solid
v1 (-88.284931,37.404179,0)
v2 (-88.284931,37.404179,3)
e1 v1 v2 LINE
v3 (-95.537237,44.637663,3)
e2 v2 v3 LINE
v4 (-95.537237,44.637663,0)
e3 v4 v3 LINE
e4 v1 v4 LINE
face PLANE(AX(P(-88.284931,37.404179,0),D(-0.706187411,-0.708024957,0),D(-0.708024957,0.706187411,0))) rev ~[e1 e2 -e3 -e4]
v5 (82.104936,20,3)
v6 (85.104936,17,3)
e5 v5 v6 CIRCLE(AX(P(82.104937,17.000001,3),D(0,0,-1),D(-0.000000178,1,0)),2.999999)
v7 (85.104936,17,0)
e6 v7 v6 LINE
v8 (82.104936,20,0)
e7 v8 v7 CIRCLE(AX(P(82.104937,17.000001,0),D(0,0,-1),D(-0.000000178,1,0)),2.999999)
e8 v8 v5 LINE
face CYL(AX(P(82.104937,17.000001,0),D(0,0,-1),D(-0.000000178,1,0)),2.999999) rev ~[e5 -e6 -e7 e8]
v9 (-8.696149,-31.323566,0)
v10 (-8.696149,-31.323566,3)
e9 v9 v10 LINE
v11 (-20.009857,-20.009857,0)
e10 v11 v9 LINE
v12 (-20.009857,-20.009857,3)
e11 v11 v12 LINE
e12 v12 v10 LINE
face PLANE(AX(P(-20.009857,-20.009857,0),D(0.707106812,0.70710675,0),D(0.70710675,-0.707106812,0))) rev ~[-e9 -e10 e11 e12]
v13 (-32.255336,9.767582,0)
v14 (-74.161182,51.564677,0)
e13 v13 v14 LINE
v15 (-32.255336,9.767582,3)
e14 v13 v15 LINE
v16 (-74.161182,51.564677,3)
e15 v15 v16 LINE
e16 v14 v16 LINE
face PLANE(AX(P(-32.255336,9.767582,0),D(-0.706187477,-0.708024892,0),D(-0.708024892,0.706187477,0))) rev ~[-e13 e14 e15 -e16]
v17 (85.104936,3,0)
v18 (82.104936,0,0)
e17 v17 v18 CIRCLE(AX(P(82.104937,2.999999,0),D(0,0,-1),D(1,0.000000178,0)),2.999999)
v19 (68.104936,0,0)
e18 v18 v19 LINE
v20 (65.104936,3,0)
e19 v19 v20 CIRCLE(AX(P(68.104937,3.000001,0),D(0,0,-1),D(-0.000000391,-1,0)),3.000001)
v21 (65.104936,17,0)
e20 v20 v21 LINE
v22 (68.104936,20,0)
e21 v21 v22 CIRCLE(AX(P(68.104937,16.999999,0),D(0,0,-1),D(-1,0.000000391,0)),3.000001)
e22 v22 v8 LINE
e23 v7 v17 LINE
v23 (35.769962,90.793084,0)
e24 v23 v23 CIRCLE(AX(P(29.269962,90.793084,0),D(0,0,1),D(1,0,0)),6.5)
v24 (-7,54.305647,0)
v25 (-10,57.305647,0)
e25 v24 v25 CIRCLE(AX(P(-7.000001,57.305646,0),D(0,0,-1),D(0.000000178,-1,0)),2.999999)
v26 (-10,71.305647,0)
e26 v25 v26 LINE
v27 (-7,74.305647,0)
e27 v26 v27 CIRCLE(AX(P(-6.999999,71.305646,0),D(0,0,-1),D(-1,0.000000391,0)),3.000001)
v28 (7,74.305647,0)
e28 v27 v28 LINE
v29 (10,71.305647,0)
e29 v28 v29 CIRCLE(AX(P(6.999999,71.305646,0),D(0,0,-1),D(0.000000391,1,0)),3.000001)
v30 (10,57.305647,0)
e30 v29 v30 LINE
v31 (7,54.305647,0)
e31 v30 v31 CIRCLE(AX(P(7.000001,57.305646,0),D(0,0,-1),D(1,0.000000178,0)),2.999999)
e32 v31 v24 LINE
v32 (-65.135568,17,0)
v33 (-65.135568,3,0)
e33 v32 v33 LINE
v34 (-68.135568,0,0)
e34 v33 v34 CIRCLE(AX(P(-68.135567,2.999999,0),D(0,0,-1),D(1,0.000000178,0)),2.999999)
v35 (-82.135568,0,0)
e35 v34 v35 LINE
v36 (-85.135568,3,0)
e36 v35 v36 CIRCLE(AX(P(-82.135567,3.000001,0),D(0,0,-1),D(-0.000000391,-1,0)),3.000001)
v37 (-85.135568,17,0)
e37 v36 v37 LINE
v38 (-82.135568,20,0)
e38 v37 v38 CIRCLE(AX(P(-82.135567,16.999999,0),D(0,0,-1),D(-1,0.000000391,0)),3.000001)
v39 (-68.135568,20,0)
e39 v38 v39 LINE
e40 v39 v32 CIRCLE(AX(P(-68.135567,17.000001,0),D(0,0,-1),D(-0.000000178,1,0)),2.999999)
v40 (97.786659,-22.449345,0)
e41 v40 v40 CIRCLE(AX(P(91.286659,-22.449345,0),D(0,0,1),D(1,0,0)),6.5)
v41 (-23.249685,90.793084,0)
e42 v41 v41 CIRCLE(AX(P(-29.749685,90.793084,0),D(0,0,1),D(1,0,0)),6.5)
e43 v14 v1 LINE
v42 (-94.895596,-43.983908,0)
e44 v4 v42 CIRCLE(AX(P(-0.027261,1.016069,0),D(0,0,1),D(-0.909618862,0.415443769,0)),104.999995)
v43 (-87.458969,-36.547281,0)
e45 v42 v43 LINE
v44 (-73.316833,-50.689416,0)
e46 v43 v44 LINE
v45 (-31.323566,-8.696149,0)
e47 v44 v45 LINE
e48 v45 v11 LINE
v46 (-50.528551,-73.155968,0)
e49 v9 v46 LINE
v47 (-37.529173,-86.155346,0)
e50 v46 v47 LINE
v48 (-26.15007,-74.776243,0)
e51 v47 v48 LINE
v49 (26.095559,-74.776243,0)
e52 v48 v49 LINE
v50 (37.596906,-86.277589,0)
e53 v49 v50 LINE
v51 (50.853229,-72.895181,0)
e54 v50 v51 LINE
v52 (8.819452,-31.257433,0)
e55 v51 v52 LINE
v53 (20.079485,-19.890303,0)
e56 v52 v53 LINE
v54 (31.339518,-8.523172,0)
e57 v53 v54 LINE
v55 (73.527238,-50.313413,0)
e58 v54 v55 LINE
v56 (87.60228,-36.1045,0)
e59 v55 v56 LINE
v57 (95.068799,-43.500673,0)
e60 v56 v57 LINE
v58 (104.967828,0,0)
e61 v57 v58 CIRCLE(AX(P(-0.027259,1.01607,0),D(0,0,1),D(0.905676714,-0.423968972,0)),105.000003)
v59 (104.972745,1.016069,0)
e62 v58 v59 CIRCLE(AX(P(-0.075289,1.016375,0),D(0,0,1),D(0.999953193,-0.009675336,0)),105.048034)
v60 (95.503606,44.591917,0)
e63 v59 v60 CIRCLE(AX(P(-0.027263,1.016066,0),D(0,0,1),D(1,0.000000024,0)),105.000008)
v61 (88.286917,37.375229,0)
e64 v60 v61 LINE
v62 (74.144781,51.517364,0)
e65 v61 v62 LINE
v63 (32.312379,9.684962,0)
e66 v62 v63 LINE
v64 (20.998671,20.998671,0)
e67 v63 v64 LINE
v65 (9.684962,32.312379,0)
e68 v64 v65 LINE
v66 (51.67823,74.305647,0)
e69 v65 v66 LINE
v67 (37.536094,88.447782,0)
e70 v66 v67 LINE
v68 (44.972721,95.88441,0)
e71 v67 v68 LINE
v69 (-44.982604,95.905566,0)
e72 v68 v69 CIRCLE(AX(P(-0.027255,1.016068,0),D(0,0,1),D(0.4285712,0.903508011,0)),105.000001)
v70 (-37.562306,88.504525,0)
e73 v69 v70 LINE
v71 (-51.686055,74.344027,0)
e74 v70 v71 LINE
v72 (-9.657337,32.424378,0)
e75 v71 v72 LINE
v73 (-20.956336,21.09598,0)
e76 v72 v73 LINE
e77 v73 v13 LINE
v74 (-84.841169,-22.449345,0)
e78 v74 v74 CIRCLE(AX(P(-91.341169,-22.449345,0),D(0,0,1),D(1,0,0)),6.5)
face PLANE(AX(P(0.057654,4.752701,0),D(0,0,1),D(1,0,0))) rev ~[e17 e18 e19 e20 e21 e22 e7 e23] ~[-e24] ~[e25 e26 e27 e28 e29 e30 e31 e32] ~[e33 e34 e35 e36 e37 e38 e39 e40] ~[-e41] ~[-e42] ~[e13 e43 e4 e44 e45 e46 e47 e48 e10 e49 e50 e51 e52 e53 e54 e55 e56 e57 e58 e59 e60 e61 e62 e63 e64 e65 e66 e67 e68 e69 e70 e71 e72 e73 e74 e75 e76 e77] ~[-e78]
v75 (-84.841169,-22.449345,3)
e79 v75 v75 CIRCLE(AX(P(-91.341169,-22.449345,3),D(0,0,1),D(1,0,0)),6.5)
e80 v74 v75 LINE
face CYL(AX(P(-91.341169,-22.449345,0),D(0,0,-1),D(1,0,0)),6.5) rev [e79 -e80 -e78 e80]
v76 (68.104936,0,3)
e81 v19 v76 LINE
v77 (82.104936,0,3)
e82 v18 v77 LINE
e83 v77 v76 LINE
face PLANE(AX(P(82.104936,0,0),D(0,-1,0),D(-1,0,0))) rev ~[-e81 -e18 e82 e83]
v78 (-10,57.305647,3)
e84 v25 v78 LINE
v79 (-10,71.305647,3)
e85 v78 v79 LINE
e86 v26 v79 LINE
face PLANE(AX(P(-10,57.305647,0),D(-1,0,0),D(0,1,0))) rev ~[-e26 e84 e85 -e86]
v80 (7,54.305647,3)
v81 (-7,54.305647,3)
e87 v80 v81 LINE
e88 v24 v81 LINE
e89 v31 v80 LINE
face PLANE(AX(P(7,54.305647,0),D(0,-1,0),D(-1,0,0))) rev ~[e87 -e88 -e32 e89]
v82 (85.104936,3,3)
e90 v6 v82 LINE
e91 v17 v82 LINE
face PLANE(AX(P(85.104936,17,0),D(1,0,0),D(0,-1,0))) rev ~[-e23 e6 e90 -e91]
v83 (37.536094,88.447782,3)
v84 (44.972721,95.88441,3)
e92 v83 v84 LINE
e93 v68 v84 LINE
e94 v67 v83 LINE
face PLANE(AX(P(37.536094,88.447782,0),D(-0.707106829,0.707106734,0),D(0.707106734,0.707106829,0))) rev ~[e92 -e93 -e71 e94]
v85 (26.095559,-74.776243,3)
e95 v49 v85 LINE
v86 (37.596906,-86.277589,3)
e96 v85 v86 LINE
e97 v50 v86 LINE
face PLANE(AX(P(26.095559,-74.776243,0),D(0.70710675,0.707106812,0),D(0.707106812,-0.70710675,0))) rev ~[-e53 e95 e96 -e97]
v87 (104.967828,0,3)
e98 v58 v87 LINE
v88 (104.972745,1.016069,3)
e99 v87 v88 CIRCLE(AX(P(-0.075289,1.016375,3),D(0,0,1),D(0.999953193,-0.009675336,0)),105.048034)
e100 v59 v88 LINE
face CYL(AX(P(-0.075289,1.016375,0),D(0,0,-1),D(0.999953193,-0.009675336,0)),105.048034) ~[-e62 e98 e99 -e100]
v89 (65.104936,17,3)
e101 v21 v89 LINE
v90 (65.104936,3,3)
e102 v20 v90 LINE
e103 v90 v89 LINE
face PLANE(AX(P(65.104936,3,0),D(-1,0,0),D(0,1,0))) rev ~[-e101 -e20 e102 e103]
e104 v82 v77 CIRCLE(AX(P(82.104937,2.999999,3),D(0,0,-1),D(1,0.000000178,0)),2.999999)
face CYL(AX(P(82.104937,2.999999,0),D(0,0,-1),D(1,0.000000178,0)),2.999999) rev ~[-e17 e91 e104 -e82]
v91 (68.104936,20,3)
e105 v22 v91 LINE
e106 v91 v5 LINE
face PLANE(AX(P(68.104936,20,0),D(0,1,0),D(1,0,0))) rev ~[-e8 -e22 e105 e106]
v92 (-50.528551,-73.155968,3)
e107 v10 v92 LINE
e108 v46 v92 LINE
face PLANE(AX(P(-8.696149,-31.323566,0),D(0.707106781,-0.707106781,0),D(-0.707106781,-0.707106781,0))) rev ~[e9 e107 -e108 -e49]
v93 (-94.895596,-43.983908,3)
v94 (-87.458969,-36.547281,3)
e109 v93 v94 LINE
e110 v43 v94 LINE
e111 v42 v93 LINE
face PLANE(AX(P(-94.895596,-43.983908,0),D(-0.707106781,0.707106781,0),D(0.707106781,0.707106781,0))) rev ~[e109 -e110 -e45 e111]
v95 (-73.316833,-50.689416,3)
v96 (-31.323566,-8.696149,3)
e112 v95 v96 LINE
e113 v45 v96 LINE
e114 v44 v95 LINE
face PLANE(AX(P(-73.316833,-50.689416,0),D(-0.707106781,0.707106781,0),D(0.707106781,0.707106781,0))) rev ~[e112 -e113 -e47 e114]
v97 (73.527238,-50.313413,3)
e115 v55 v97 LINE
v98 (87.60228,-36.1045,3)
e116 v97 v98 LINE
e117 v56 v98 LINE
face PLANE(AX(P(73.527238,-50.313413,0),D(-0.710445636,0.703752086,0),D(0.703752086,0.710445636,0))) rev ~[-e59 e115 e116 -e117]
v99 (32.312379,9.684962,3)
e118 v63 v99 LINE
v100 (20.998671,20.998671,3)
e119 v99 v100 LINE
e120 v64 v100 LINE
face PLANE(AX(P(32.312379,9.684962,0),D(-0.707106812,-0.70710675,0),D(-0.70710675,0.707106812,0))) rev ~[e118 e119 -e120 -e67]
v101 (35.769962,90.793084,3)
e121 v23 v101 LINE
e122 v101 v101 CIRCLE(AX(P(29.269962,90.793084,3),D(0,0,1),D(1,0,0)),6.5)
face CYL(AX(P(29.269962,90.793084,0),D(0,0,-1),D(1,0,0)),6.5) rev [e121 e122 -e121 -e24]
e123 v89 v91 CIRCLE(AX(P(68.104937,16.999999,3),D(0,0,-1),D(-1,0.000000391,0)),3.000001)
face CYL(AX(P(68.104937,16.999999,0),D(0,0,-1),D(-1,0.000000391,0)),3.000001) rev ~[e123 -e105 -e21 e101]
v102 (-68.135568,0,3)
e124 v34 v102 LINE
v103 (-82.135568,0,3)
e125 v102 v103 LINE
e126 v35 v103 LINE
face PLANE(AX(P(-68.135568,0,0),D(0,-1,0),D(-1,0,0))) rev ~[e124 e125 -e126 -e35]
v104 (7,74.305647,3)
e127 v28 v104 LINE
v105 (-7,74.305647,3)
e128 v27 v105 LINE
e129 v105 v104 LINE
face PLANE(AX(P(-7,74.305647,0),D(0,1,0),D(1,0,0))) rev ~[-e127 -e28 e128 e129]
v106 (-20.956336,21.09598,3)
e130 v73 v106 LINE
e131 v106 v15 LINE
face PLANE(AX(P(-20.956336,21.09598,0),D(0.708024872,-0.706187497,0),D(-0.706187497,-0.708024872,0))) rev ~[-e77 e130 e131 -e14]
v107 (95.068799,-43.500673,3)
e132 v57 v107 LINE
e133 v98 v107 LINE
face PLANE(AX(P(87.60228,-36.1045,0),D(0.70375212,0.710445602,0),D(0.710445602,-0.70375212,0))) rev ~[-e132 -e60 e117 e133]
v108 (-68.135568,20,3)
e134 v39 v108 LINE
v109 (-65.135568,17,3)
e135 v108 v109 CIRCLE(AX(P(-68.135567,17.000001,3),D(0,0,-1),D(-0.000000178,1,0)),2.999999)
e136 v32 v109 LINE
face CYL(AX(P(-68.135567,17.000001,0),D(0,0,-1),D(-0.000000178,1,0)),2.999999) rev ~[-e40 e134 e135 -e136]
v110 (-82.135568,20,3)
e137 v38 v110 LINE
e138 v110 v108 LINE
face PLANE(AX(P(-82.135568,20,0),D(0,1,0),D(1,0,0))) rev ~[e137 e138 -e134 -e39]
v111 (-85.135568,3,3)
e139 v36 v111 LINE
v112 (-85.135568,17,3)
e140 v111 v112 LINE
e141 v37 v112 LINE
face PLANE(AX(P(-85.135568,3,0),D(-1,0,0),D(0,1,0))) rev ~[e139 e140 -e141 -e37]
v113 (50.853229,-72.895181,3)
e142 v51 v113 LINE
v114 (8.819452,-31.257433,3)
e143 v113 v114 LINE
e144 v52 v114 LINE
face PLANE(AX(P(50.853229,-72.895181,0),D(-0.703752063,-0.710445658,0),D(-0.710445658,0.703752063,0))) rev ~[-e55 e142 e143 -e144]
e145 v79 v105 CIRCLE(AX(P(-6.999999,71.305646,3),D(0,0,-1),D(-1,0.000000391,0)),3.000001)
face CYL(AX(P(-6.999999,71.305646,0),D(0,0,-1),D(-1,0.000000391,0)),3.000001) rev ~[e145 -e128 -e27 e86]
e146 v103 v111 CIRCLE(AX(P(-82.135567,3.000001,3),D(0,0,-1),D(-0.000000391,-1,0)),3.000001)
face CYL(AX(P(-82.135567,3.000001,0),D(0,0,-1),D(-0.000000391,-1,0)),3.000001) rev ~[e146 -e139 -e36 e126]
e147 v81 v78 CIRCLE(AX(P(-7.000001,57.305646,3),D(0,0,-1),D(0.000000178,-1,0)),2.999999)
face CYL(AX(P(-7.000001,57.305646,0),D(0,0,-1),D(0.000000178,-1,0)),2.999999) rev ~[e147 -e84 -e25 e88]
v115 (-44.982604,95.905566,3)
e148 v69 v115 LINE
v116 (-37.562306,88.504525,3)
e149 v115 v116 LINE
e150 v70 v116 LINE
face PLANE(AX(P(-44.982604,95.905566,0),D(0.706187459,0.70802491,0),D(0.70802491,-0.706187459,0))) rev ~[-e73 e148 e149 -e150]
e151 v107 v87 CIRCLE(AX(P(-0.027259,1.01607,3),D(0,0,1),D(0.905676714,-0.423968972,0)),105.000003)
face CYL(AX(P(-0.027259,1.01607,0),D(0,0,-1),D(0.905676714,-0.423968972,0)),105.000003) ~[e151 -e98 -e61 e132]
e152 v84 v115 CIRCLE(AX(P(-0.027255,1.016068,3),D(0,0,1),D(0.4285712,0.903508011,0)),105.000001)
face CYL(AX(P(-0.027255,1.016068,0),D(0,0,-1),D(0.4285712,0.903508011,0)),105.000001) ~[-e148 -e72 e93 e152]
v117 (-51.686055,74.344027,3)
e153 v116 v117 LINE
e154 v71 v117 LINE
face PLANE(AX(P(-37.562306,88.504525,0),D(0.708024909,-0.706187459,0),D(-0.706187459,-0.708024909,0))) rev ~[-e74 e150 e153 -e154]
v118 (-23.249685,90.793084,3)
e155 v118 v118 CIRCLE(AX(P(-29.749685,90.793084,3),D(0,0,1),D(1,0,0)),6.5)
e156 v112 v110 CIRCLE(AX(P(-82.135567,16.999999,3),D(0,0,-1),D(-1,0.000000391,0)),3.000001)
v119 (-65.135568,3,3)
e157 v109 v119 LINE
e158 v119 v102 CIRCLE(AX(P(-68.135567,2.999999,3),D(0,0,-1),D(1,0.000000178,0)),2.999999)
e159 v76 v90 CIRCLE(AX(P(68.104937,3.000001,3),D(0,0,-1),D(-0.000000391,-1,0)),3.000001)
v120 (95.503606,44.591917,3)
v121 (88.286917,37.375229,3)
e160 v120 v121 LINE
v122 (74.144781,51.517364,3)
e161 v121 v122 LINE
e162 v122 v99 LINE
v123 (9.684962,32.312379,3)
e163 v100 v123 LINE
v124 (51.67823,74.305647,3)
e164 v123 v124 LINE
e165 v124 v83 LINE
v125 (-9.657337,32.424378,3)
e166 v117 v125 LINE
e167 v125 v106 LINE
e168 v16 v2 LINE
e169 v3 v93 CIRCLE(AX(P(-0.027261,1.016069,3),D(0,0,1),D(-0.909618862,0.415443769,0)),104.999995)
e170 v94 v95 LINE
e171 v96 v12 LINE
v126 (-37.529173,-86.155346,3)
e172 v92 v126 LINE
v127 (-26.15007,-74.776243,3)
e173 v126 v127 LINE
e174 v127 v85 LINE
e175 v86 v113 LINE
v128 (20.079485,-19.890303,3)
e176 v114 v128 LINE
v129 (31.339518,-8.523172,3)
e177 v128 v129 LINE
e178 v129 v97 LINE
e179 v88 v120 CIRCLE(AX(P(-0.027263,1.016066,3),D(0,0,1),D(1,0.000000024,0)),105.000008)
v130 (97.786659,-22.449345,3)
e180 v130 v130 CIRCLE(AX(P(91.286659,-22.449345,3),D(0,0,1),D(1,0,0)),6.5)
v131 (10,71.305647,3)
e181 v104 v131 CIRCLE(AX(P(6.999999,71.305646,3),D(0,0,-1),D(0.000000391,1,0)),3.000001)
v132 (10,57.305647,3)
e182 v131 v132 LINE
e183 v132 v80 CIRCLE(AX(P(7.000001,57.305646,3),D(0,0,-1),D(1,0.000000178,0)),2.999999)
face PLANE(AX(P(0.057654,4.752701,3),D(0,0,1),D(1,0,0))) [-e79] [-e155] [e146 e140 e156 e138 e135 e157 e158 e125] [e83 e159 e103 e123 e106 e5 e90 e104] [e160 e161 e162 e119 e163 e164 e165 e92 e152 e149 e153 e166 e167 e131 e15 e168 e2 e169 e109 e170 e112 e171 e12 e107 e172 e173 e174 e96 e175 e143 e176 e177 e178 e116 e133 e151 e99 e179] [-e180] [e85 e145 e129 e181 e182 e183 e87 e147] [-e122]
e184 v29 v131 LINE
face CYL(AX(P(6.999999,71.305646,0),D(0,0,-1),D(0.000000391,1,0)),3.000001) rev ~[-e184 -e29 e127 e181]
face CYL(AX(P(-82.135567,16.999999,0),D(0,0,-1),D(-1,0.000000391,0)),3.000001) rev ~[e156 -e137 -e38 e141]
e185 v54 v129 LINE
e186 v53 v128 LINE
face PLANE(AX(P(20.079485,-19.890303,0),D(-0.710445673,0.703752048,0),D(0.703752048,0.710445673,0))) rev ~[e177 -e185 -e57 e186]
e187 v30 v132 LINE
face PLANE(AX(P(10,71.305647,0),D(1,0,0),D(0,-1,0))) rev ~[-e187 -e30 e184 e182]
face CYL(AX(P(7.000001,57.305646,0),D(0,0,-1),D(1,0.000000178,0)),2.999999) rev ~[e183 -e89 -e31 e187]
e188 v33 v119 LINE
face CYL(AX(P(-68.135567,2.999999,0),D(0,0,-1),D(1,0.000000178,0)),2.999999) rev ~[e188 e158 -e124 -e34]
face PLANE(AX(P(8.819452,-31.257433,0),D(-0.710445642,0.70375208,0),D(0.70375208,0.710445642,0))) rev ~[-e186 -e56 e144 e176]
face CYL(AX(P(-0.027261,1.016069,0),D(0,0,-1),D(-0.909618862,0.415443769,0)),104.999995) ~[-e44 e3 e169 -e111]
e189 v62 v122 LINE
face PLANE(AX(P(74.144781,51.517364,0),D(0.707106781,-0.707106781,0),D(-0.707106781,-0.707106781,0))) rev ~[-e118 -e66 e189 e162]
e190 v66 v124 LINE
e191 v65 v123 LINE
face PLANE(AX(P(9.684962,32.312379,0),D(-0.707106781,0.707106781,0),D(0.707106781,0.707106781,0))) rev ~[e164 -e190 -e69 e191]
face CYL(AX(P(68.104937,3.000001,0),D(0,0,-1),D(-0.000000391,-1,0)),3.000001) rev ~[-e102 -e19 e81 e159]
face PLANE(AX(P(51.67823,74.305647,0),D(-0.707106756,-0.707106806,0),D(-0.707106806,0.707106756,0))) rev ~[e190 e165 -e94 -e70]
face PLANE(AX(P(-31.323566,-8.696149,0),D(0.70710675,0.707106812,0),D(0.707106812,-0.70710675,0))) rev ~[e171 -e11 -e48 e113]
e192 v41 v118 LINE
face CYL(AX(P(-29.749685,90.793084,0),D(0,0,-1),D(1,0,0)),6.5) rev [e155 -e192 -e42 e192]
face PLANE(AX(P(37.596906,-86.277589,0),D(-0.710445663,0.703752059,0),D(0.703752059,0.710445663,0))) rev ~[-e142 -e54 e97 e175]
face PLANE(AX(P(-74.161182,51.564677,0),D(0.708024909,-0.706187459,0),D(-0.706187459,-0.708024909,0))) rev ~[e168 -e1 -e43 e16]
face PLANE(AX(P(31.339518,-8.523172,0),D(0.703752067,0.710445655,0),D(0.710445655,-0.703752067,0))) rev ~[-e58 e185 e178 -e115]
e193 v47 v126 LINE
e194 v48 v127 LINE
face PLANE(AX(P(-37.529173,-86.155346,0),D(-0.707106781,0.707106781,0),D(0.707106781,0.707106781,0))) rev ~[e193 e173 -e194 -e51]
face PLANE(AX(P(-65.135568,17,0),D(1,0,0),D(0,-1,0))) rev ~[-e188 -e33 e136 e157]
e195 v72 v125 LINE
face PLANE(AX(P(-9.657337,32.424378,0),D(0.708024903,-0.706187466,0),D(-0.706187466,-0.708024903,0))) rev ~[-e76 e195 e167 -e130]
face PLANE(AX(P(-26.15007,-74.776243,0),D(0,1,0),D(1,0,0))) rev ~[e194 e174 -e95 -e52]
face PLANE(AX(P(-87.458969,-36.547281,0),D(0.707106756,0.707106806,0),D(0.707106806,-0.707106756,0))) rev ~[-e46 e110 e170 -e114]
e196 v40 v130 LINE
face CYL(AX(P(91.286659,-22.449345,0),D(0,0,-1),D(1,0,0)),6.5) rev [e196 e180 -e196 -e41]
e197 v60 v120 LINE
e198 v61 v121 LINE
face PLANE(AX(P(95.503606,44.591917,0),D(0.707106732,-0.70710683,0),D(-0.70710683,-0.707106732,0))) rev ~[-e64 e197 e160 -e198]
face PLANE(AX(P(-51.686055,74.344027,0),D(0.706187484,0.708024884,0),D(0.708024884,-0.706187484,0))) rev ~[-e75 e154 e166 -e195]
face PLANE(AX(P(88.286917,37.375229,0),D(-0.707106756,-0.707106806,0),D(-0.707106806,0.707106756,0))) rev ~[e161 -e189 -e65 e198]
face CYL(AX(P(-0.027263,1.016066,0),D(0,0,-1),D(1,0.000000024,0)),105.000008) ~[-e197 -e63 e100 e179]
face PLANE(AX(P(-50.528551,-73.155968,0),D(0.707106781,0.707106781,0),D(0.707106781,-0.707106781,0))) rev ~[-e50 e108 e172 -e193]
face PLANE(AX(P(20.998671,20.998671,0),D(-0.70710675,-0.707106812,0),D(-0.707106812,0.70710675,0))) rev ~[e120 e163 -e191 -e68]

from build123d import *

# Parameters (mm, degrees)
F0_R     = 6.5
F1_DEPTH = 3


with BuildPart() as f1:
    # F0 (on Top) → F1 (new body)
    with BuildSketch(Plane.XY):
        with BuildLine():
            ThreePointArc((104.967828, 0), (104.971515, 0.508028), (104.972745, 1.016069))
            ThreePointArc((104.972745, 1.016069), (102.578155, 23.312476), (95.503606, 44.591917))
            Line((95.503606, 44.591917), (88.286917, 37.375229))
            Line((88.286917, 37.375229), (74.144781, 51.517364))
            Line((74.144781, 51.517364), (32.312379, 9.684962))
            Line((32.312379, 9.684962), (20.998671, 20.998671))
            Line((20.998671, 20.998671), (9.684962, 32.312379))
            Line((9.684962, 32.312379), (51.67823, 74.305647))
            Line((51.67823, 74.305647), (37.536094, 88.447782))
            Line((37.536094, 88.447782), (44.972721, 95.88441))
            ThreePointArc((44.972721, 95.88441), (-0.002561, 106.016066), (-44.982604, 95.905566))
            Line((-44.982604, 95.905566), (-37.562306, 88.504525))
            Line((-37.562306, 88.504525), (-51.686055, 74.344027))
            Line((-51.686055, 74.344027), (-9.657337, 32.424378))
            Line((-9.657337, 32.424378), (-20.956336, 21.09598))
            Line((-20.956336, 21.09598), (-32.255336, 9.767582))
            Line((-32.255336, 9.767582), (-74.161182, 51.564677))
            Line((-74.161182, 51.564677), (-88.284931, 37.404179))
            Line((-88.284931, 37.404179), (-95.537237, 44.637663))
            ThreePointArc((-95.537237, 44.637663), (-105.024504, 0.255865), (-94.895596, -43.983908))
            Line((-94.895596, -43.983908), (-87.458969, -36.547281))
            Line((-87.458969, -36.547281), (-73.316833, -50.689416))
            Line((-73.316833, -50.689416), (-31.323566, -8.696149))
            Line((-31.323566, -8.696149), (-20.009857, -20.009857))
            Line((-20.009857, -20.009857), (-8.696149, -31.323566))
            Line((-8.696149, -31.323566), (-50.528551, -73.155968))
            Line((-50.528551, -73.155968), (-37.529173, -86.155346))
            Line((-37.529173, -86.155346), (-26.15007, -74.776243))
            Line((-26.15007, -74.776243), (0, -74.776243))
            Line((0, -74.776243), (26.095559, -74.776243))
            Line((26.095559, -74.776243), (37.596906, -86.277589))
            Line((37.596906, -86.277589), (50.853229, -72.895181))
            Line((50.853229, -72.895181), (8.819452, -31.257433))
            Line((8.819452, -31.257433), (20.079485, -19.890303))
            Line((20.079485, -19.890303), (31.339518, -8.523172))
            Line((31.339518, -8.523172), (73.527238, -50.313413))
            Line((73.527238, -50.313413), (87.60228, -36.1045))
            Line((87.60228, -36.1045), (95.068799, -43.500673))
            ThreePointArc((95.068799, -43.500673), (102.355326, -22.282148), (104.967828, 0))
        make_face()
        with Locations((-91.341169, -22.449345)):
            Circle(F0_R, mode=Mode.SUBTRACT)
        with Locations((91.286659, -22.449345)):
            Circle(F0_R, mode=Mode.SUBTRACT)
        with BuildLine():
            Line((-68.135568, 0), (-82.135568, 0))
            ThreePointArc((-82.135568, 0), (-84.256888, 0.87868), (-85.135568, 3))
            Line((-85.135568, 3), (-85.135568, 17))
            ThreePointArc((-85.135568, 17), (-84.256888, 19.12132), (-82.135568, 20))
            Line((-82.135568, 20), (-68.135568, 20))
            ThreePointArc((-68.135568, 20), (-66.014247, 19.12132), (-65.135568, 17))
            Line((-65.135568, 17), (-65.135568, 3))
            ThreePointArc((-65.135568, 3), (-66.014247, 0.87868), (-68.135568, 0))
        make_face(mode=Mode.SUBTRACT)
        with Locations((-29.749685, 90.793084)):
            Circle(F0_R, mode=Mode.SUBTRACT)
        with BuildLine():
            ThreePointArc((85.104936, 3), (84.226257, 0.87868), (82.104936, 0))
            Line((82.104936, 0), (68.104936, 0))
            ThreePointArc((68.104936, 0), (65.983616, 0.87868), (65.104936, 3))
            Line((65.104936, 3), (65.104936, 17))
            ThreePointArc((65.104936, 17), (65.983616, 19.12132), (68.104936, 20))
            Line((68.104936, 20), (82.104936, 20))
            ThreePointArc((82.104936, 20), (84.226257, 19.12132), (85.104936, 17))
            Line((85.104936, 17), (85.104936, 3))
        make_face(mode=Mode.SUBTRACT)
        with BuildLine():
            Line((7, 54.305647), (0, 54.305647))
            Line((0, 54.305647), (-7, 54.305647))
            ThreePointArc((-7, 54.305647), (-9.12132, 55.184326), (-10, 57.305647))
            Line((-10, 57.305647), (-10, 71.305647))
            ThreePointArc((-10, 71.305647), (-9.12132, 73.426967), (-7, 74.305647))
            Line((-7, 74.305647), (0, 74.305647))
            Line((0, 74.305647), (7, 74.305647))
            ThreePointArc((7, 74.305647), (9.12132, 73.426967), (10, 71.305647))
            Line((10, 71.305647), (10, 57.305647))
            ThreePointArc((10, 57.305647), (9.12132, 55.184326), (7, 54.305647))
        make_face(mode=Mode.SUBTRACT)
        with Locations((29.269962, 90.793084)):
            Circle(F0_R, mode=Mode.SUBTRACT)
    extrude(amount=F1_DEPTH)


solid = f1.part
